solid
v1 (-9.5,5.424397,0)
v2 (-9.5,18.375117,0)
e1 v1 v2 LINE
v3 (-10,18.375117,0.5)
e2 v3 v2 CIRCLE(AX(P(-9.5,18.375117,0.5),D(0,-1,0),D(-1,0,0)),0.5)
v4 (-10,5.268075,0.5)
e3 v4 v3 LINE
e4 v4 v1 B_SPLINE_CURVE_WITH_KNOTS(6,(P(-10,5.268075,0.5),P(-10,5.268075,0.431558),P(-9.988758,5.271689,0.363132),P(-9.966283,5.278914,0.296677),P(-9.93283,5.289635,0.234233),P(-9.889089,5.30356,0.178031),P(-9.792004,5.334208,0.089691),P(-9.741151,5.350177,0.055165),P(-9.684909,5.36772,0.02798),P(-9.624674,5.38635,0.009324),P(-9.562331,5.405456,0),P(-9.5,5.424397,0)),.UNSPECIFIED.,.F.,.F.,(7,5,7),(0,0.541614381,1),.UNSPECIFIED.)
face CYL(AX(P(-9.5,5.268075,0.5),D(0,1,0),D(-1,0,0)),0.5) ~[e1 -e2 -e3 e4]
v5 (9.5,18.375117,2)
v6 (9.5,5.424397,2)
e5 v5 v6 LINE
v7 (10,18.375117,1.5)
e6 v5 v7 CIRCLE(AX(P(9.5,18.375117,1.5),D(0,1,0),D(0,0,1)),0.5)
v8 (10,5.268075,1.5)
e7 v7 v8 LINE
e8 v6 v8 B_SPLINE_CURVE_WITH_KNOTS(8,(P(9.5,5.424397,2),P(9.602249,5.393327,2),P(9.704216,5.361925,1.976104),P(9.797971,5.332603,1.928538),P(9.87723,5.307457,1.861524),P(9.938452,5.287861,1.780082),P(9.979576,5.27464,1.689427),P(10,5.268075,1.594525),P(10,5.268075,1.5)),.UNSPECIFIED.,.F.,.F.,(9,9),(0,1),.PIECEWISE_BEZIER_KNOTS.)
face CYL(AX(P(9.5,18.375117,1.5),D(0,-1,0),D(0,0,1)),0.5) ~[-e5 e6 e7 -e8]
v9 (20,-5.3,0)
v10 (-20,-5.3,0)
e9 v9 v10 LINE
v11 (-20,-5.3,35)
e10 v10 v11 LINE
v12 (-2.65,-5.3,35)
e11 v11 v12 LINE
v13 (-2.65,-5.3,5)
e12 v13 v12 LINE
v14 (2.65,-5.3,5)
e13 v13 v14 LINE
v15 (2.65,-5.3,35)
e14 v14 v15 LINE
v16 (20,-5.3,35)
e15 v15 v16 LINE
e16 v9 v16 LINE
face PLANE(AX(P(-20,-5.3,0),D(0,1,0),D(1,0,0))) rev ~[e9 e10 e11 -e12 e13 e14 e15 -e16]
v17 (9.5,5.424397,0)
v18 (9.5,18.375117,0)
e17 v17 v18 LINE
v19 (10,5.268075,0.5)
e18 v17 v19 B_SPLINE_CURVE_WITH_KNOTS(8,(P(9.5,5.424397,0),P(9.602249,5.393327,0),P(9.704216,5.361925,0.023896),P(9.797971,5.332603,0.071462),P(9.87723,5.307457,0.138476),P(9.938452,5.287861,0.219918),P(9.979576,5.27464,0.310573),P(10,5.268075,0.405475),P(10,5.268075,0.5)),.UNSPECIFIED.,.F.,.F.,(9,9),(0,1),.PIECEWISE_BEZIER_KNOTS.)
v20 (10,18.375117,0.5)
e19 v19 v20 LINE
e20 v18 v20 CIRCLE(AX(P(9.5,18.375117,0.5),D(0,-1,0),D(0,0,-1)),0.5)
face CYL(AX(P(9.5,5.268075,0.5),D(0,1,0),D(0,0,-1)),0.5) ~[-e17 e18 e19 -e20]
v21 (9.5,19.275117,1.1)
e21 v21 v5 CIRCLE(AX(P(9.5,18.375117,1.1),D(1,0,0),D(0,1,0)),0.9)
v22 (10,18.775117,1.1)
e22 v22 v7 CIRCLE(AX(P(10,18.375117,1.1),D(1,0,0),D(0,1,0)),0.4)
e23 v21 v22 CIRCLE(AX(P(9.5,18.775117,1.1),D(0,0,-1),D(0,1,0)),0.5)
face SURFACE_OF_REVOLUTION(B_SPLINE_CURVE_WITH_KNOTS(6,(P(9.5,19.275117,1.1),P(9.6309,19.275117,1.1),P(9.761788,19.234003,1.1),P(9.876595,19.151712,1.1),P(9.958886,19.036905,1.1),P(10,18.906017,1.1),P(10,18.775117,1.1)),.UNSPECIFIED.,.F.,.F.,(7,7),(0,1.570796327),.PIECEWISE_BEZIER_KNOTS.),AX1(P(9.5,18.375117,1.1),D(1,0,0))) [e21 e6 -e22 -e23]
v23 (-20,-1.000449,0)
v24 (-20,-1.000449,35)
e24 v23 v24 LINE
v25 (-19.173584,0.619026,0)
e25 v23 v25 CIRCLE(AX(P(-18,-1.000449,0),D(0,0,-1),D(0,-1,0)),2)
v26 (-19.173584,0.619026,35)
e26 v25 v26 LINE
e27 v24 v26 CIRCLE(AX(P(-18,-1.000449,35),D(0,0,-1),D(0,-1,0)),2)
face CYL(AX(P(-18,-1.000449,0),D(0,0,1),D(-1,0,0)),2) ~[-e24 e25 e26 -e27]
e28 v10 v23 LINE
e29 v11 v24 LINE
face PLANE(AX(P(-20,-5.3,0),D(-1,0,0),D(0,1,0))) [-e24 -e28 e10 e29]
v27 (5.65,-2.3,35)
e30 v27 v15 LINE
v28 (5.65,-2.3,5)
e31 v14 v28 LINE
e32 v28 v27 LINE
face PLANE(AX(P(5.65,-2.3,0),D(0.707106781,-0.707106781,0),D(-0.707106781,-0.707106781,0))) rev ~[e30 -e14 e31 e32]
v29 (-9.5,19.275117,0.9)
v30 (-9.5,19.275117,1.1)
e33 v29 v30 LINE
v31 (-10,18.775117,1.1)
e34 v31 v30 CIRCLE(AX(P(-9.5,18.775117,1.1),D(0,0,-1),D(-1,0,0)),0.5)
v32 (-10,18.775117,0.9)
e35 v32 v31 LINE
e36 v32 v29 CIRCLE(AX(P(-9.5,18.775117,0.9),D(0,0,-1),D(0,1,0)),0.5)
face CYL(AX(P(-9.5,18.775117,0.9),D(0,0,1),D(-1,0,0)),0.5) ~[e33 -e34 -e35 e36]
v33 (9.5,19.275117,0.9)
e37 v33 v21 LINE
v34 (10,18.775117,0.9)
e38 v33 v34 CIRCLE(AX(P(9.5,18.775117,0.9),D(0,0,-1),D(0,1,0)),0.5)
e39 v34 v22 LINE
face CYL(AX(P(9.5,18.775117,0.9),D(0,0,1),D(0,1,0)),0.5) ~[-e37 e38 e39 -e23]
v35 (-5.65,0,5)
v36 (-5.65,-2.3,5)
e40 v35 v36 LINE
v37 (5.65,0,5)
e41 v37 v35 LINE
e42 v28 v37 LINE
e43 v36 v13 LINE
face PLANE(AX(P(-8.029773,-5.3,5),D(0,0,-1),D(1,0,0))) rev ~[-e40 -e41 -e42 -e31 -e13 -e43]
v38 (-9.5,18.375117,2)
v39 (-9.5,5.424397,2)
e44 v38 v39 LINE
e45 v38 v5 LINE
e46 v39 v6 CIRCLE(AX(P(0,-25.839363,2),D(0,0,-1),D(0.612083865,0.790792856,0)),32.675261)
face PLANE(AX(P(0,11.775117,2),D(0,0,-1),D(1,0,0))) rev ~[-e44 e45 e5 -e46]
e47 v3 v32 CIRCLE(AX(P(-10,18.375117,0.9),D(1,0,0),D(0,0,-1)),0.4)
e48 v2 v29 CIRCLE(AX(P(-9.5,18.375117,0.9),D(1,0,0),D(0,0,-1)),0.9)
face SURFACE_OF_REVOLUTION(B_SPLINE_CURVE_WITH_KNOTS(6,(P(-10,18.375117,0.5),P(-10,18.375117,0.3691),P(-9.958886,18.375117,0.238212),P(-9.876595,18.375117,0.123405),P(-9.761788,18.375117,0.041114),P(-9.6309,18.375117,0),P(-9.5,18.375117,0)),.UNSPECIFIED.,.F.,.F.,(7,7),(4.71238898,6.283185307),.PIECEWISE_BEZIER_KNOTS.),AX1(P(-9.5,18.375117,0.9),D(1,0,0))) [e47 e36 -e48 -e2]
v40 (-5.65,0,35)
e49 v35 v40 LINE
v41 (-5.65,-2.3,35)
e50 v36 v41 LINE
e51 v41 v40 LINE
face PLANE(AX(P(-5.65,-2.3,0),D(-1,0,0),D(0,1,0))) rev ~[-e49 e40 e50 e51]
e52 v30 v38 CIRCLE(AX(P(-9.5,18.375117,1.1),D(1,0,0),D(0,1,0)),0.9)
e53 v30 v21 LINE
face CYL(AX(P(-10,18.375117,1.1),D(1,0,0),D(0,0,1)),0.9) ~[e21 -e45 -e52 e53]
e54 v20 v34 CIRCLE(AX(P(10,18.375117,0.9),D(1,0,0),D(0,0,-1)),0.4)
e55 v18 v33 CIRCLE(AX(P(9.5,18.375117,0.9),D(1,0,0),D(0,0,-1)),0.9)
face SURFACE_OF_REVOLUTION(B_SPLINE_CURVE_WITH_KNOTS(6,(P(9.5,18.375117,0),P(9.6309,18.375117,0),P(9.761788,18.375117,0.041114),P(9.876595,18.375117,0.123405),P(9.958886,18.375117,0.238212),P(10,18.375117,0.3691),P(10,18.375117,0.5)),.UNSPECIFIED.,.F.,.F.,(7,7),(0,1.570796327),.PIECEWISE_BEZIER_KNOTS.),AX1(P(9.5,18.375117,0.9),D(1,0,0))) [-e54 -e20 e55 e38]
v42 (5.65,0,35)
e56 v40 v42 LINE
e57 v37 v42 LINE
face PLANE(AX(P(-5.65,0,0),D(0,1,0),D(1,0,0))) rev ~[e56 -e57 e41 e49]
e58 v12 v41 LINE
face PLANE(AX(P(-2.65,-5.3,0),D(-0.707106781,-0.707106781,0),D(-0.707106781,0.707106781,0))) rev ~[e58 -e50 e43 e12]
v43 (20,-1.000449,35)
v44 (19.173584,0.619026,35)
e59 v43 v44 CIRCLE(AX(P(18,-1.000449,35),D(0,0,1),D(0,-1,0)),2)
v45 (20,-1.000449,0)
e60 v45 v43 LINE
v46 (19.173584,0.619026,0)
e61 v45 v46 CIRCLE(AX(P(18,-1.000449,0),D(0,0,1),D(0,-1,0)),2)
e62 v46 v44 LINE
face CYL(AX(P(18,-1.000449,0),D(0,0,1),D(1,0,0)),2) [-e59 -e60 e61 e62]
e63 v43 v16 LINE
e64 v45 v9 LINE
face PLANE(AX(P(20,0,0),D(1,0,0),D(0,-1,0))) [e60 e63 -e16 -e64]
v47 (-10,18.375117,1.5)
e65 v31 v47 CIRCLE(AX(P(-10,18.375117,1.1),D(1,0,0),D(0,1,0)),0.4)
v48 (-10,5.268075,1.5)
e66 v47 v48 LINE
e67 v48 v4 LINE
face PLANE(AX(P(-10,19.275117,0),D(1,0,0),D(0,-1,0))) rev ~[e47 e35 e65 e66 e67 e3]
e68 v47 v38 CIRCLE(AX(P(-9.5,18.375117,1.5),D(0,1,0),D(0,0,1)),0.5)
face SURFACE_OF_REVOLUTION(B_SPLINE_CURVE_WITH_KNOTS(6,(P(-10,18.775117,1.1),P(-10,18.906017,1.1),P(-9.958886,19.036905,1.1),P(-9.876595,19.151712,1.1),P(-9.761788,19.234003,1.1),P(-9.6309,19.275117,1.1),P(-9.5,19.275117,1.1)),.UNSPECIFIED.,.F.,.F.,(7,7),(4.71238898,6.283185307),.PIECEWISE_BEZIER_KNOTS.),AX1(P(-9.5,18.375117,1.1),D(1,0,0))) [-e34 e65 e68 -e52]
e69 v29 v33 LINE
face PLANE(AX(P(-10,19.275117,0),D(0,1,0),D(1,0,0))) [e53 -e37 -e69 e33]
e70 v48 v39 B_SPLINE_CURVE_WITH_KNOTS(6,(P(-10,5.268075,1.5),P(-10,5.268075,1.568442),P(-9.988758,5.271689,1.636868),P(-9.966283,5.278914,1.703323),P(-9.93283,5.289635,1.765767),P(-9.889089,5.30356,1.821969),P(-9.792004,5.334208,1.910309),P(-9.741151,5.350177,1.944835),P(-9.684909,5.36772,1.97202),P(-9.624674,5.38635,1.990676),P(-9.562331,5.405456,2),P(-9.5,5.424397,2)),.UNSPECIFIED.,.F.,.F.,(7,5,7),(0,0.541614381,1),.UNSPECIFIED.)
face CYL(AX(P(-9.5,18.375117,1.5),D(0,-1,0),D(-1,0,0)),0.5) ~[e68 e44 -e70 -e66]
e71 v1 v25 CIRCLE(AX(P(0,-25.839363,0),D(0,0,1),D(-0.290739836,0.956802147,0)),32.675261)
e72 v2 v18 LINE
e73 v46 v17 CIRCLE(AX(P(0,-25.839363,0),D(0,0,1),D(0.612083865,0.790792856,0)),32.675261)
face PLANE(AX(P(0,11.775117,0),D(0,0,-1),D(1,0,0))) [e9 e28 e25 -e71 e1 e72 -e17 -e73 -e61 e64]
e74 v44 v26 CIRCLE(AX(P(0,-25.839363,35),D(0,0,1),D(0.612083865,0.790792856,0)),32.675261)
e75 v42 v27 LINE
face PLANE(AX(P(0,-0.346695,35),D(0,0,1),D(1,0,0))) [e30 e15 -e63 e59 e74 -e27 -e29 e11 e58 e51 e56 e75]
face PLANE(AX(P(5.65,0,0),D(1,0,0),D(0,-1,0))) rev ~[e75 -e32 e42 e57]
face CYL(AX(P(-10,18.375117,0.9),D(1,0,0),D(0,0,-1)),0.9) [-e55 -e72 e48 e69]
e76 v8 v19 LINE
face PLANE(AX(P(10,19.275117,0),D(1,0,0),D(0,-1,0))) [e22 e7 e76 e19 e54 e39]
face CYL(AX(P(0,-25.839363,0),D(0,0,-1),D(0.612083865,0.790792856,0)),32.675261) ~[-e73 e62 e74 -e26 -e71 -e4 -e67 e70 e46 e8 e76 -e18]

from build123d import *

# Parameters (mm, degrees)
PAD_DEPTH    = 35
SKETCH001_W  = 20
SKETCH001_H  = 15
PAD001_DEPTH = 2
FILLET_R     = 0.9
FILLET001_R  = 0.5
FILLET002_R  = 2
SKETCH002_W  = 16.059546
SKETCH002_H  = 5
PAD002_DEPTH = 10


with BuildPart() as part:
    # Sketch → Pad (new body)
    with BuildSketch(Plane.XY):
        with BuildLine():
            ThreePointArc((20, 0), (0, 6.835898), (-20, 0))
            Line((-20, -5.3), (-20, 0))
            Line((-5.65, -5.3), (-20, -5.3))
            Line((-5.65, -5.3), (-5.65, 0))
            Line((-5.65, 0), (5.65, 0))
            Line((5.65, 0), (5.65, -5.3))
            Line((20, -5.3), (5.65, -5.3))
            Line((20, 0), (20, -5.3))
        make_face()
        Polygon((-2.65, -5.3), (-5.65, -2.3), (-5.65, -5.3), align=None)
        Polygon((5.65, -5.3), (5.65, -2.3), (2.65, -5.3), align=None)
    extrude(amount=PAD_DEPTH)

    # Sketch001 (on Face13 of Pad) → Pad001 (join)
    with BuildSketch(Plane(origin=(0, 0, 0), x_dir=(1, 0, 0), z_dir=(0, 0, -1))):
        with Locations((0, -11.775117)):
            Rectangle(SKETCH001_W, SKETCH001_H)
    extrude(amount=-PAD001_DEPTH)

    # Fillet
    fillet_edges = [part.edges().sort_by_distance(p)[0] for p in [
        (0, 19.275117, 0),
        (0, 19.275117, 2),
    ]]
    fillet(fillet_edges, radius=FILLET_R)

    # Fillet001
    fillet001_edges = [part.edges().sort_by_distance(p)[0] for p in [
        (10, 19.275117, 1),
        (-10, 19.275117, 1),
    ]]
    fillet(fillet001_edges, radius=FILLET001_R)

    # Fillet002
    fillet002_edges = [part.edges().sort_by_distance(p)[0] for p in [
        (20, 0, 17.5),
        (-20, 0, 17.5),
    ]]
    fillet(fillet002_edges, radius=FILLET002_R)

    # Sketch002 (on Face24 of Fillet002) → Pad002 (join)
    with BuildSketch(Plane.XZ.offset(5.3)):
        with Locations((0, 2.5)):
            Rectangle(SKETCH002_W, SKETCH002_H)
    extrude(amount=-PAD002_DEPTH)


solid = part.part
